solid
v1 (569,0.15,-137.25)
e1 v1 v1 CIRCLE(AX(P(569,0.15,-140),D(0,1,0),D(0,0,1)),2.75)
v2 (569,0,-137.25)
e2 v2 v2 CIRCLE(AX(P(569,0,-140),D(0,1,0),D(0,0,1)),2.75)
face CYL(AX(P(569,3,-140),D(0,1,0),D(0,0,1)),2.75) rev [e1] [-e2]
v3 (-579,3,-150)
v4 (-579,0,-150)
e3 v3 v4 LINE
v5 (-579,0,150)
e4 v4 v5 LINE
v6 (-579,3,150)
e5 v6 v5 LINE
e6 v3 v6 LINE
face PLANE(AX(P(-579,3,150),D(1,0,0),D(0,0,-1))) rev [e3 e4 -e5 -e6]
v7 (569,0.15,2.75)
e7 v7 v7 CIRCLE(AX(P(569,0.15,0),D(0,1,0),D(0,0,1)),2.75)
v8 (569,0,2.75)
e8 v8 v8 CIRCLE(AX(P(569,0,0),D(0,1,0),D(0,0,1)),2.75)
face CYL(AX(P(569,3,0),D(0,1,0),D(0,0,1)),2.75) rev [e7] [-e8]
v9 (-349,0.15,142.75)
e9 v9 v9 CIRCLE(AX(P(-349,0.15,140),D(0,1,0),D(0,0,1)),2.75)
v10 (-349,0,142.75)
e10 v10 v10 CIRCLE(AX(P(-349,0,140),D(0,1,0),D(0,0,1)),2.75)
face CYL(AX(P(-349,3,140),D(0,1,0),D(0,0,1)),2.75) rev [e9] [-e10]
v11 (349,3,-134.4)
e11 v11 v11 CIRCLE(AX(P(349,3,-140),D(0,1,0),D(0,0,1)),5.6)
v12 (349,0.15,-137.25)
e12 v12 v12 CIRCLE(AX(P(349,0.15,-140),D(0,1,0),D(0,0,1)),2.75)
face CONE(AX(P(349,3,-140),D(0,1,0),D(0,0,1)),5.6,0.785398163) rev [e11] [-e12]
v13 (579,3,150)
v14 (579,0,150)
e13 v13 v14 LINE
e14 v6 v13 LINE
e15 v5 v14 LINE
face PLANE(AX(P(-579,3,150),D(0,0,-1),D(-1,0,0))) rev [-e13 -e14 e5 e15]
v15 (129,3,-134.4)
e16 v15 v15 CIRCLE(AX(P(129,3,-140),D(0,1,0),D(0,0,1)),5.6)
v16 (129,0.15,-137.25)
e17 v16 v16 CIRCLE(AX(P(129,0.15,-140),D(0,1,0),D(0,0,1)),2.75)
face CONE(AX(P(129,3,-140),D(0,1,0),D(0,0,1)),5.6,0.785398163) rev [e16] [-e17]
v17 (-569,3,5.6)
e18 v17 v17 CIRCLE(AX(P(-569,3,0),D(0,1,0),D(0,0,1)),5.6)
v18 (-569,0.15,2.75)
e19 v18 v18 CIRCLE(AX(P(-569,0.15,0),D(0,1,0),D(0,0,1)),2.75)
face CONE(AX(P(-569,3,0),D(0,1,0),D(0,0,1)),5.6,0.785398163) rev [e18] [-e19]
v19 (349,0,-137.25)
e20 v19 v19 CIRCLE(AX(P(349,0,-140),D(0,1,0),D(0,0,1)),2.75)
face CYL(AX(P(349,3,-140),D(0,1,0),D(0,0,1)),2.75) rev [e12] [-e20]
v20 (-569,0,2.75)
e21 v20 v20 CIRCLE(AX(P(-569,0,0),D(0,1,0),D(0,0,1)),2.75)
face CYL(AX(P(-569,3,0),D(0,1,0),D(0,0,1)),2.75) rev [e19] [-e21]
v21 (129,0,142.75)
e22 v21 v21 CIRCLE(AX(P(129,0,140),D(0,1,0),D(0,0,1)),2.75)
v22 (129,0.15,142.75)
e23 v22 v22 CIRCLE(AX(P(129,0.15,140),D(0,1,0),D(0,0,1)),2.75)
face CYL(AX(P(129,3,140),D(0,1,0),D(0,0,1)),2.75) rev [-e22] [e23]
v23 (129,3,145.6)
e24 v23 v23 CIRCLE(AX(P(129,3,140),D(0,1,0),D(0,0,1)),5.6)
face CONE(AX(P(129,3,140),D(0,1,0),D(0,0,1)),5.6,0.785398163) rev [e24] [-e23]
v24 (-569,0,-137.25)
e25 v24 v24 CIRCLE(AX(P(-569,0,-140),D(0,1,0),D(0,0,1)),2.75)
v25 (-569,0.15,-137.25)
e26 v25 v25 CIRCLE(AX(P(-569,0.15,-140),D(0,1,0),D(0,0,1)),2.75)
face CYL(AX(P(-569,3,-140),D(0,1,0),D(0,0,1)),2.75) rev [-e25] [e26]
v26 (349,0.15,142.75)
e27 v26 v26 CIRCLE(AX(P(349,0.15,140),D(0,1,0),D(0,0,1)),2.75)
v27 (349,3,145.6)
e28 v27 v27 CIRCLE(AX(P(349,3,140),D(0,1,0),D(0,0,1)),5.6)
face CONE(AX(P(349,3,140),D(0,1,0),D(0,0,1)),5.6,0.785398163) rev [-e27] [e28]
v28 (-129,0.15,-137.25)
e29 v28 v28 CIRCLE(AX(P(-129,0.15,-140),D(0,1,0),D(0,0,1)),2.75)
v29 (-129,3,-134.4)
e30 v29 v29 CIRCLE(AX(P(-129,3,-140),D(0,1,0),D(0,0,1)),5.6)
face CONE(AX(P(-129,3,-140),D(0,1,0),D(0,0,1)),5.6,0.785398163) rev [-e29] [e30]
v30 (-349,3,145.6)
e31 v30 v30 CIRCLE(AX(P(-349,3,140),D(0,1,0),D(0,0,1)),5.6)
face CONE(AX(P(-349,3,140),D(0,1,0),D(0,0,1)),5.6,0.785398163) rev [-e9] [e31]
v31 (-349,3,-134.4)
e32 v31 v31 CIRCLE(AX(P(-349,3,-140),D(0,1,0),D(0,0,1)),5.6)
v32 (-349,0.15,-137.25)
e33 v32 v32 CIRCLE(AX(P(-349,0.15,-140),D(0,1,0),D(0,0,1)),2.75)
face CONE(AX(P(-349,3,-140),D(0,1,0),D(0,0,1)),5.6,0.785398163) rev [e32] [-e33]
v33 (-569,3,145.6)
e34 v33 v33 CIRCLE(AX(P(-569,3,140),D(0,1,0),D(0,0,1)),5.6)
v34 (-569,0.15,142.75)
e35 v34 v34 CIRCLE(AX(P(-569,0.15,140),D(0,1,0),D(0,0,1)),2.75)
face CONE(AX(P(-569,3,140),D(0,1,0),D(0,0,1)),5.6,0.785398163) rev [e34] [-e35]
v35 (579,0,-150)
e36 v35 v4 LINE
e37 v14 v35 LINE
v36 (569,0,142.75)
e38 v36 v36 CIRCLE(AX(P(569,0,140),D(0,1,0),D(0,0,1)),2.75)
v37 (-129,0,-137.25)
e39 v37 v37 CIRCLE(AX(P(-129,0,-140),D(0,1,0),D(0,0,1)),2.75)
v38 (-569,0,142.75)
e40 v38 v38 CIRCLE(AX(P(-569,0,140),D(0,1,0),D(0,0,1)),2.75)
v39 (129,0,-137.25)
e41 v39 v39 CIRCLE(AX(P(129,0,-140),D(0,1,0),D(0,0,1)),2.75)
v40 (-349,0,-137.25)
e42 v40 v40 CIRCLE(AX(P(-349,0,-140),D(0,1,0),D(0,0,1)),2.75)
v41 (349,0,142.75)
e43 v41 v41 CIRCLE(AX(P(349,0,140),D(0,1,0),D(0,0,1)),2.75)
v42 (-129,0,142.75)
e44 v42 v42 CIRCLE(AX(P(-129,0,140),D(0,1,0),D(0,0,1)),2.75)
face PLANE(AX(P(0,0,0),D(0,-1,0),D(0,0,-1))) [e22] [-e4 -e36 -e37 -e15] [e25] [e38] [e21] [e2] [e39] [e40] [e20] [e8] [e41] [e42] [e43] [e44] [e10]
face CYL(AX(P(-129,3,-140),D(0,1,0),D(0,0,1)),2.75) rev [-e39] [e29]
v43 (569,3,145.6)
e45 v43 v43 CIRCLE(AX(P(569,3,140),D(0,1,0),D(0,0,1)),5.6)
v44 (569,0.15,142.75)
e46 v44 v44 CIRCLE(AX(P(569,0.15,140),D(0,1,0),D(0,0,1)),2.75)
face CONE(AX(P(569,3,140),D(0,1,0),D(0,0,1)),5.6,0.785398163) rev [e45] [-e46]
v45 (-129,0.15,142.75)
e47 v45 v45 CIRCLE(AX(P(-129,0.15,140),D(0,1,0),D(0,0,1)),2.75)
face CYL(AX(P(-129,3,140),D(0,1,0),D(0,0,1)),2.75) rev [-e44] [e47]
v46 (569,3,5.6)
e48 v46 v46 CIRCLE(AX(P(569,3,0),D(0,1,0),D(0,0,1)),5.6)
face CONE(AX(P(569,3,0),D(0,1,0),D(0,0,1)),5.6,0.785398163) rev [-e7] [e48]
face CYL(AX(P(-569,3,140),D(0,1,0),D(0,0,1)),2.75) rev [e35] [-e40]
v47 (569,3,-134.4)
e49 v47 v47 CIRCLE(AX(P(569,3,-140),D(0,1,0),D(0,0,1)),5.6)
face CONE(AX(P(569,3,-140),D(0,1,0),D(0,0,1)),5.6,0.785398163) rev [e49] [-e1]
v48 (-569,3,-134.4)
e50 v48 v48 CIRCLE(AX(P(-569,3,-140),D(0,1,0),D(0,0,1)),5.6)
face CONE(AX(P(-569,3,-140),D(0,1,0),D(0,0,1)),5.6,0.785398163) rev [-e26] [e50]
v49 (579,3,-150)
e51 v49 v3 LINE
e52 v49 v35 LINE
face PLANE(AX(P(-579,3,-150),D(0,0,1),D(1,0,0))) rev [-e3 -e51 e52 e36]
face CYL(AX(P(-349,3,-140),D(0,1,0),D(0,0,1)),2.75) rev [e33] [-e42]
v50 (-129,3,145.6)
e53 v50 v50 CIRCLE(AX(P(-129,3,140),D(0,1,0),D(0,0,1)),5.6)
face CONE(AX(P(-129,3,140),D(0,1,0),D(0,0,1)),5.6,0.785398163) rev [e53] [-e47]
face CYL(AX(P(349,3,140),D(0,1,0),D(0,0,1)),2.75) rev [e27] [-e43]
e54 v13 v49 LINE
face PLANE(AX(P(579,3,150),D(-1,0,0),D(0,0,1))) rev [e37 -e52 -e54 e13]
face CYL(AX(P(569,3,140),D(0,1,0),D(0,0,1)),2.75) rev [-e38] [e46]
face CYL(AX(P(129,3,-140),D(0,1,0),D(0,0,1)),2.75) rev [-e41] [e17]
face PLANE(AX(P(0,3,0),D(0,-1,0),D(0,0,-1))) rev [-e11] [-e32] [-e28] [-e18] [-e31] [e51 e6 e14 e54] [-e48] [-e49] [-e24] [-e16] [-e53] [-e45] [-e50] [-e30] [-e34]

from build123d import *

# Parameters (mm, degrees)
SKETCH1_W           = 1158
SKETCH1_H           = 300
BOSS_EXTRUDE1_DEPTH = 3
HOLE3_AT_2_COUNT    = 2
HOLE3_AT_2_PITCH    = 140
HOLE3_AT_3_COUNT    = 2
HOLE3_AT_3_PITCH    = 280
HOLE3_AT_4_COUNT    = 2
HOLE3_AT_4_PITCH    = 356.089876295
HOLE3_AT_5_COUNT    = 2
HOLE3_AT_5_PITCH    = 220
HOLE3_AT_6_COUNT    = 2
HOLE3_AT_6_PITCH    = 440
HOLE3_AT_7_COUNT    = 2
HOLE3_AT_7_PITCH    = 521.536192416
HOLE3_AT_8_COUNT    = 2
HOLE3_AT_8_PITCH    = 752.066486423
HOLE3_AT_9_COUNT    = 2
HOLE3_AT_9_PITCH    = 698
HOLE3_AT_10_COUNT   = 2
HOLE3_AT_10_PITCH   = 918
HOLE3_AT_11_COUNT   = 2
HOLE3_AT_11_PITCH   = 959.752051313
HOLE3_AT_12_COUNT   = 2
HOLE3_AT_12_PITCH   = 1171.940271516
HOLE3_AT_13_COUNT   = 2
HOLE3_AT_13_PITCH   = 1138
HOLE3_AT_14_COUNT   = 2
HOLE3_AT_14_PITCH   = 1146.579260235


with BuildPart() as part:
    # Sketch1 → Boss-Extrude1 (new body)
    with BuildSketch(Plane(origin=(0, 0, 0), x_dir=(1, 0, 0), z_dir=(0, 1, 0))):
        Rectangle(SKETCH1_W, SKETCH1_H)
    extrude(amount=BOSS_EXTRUDE1_DEPTH)

    # Sketch13 → Hole3 (revolve, cut)
    with BuildSketch(Plane(origin=(-569, 3, 140), x_dir=(0, 0, 1), z_dir=(1, 0, 0))):
        Polygon((0, 0), (0, 4.652366702), (2.75, 3), (2.75, 2.85), (5.6, 0), align=None)
    hole3 = revolve(axis=Axis((-569, 17.308894879, 140), (0, -1, 0)), mode=Mode.SUBTRACT)

    # Hole3 at 2: Hole3 ×2
    with Locations(*[(0, 0, -i * HOLE3_AT_2_PITCH) for i in range(1, HOLE3_AT_2_COUNT)]):
        add(hole3, mode=Mode.SUBTRACT)

    # Hole3 at 3: Hole3 ×2
    with Locations(*[(0, 0, -i * HOLE3_AT_3_PITCH) for i in range(1, HOLE3_AT_3_COUNT)]):
        add(hole3, mode=Mode.SUBTRACT)

    # Hole3 at 4: Hole3 ×2
    with Locations(*[Vector(0.6178215519319037, 0, -0.7863183388224225) * (i * HOLE3_AT_4_PITCH) for i in range(1, HOLE3_AT_4_COUNT)]):
        add(hole3, mode=Mode.SUBTRACT)

    # Hole3 at 5: Hole3 ×2
    with Locations(*[(i * HOLE3_AT_5_PITCH, 0, 0) for i in range(1, HOLE3_AT_5_COUNT)]):
        add(hole3, mode=Mode.SUBTRACT)

    # Hole3 at 6: Hole3 ×2
    with Locations(*[(i * HOLE3_AT_6_PITCH, 0, 0) for i in range(1, HOLE3_AT_6_COUNT)]):
        add(hole3, mode=Mode.SUBTRACT)

    # Hole3 at 7: Hole3 ×2
    with Locations(*[Vector(0.8436614877321076, 0, -0.5368754921931591) * (i * HOLE3_AT_7_PITCH) for i in range(1, HOLE3_AT_7_COUNT)]):
        add(hole3, mode=Mode.SUBTRACT)

    # Hole3 at 8: Hole3 ×2
    with Locations(*[Vector(0.9281094326117898, 0, -0.3723075087840988) * (i * HOLE3_AT_8_PITCH) for i in range(1, HOLE3_AT_8_COUNT)]):
        add(hole3, mode=Mode.SUBTRACT)

    # Hole3 at 9: Hole3 ×2
    with Locations(*[(i * HOLE3_AT_9_PITCH, 0, 0) for i in range(1, HOLE3_AT_9_COUNT)]):
        add(hole3, mode=Mode.SUBTRACT)

    # Hole3 at 10: Hole3 ×2
    with Locations(*[(i * HOLE3_AT_10_PITCH, 0, 0) for i in range(1, HOLE3_AT_10_COUNT)]):
        add(hole3, mode=Mode.SUBTRACT)

    # Hole3 at 11: Hole3 ×2
    with Locations(*[Vector(0.9564970439436685, 0, -0.2917420177605959) * (i * HOLE3_AT_11_PITCH) for i in range(1, HOLE3_AT_11_COUNT)]):
        add(hole3, mode=Mode.SUBTRACT)

    # Hole3 at 12: Hole3 ×2
    with Locations(*[Vector(0.9710392480397633, 0, -0.2389200258797307) * (i * HOLE3_AT_12_PITCH) for i in range(1, HOLE3_AT_12_COUNT)]):
        add(hole3, mode=Mode.SUBTRACT)

    # Hole3 at 13: Hole3 ×2
    with Locations(*[(i * HOLE3_AT_13_PITCH, 0, 0) for i in range(1, HOLE3_AT_13_COUNT)]):
        add(hole3, mode=Mode.SUBTRACT)

    # Hole3 at 14: Hole3 ×2
    with Locations(*[Vector(0.9925175166409417, 0, -0.1221023306939646) * (i * HOLE3_AT_14_PITCH) for i in range(1, HOLE3_AT_14_COUNT)]):
        add(hole3, mode=Mode.SUBTRACT)


solid = part.part
